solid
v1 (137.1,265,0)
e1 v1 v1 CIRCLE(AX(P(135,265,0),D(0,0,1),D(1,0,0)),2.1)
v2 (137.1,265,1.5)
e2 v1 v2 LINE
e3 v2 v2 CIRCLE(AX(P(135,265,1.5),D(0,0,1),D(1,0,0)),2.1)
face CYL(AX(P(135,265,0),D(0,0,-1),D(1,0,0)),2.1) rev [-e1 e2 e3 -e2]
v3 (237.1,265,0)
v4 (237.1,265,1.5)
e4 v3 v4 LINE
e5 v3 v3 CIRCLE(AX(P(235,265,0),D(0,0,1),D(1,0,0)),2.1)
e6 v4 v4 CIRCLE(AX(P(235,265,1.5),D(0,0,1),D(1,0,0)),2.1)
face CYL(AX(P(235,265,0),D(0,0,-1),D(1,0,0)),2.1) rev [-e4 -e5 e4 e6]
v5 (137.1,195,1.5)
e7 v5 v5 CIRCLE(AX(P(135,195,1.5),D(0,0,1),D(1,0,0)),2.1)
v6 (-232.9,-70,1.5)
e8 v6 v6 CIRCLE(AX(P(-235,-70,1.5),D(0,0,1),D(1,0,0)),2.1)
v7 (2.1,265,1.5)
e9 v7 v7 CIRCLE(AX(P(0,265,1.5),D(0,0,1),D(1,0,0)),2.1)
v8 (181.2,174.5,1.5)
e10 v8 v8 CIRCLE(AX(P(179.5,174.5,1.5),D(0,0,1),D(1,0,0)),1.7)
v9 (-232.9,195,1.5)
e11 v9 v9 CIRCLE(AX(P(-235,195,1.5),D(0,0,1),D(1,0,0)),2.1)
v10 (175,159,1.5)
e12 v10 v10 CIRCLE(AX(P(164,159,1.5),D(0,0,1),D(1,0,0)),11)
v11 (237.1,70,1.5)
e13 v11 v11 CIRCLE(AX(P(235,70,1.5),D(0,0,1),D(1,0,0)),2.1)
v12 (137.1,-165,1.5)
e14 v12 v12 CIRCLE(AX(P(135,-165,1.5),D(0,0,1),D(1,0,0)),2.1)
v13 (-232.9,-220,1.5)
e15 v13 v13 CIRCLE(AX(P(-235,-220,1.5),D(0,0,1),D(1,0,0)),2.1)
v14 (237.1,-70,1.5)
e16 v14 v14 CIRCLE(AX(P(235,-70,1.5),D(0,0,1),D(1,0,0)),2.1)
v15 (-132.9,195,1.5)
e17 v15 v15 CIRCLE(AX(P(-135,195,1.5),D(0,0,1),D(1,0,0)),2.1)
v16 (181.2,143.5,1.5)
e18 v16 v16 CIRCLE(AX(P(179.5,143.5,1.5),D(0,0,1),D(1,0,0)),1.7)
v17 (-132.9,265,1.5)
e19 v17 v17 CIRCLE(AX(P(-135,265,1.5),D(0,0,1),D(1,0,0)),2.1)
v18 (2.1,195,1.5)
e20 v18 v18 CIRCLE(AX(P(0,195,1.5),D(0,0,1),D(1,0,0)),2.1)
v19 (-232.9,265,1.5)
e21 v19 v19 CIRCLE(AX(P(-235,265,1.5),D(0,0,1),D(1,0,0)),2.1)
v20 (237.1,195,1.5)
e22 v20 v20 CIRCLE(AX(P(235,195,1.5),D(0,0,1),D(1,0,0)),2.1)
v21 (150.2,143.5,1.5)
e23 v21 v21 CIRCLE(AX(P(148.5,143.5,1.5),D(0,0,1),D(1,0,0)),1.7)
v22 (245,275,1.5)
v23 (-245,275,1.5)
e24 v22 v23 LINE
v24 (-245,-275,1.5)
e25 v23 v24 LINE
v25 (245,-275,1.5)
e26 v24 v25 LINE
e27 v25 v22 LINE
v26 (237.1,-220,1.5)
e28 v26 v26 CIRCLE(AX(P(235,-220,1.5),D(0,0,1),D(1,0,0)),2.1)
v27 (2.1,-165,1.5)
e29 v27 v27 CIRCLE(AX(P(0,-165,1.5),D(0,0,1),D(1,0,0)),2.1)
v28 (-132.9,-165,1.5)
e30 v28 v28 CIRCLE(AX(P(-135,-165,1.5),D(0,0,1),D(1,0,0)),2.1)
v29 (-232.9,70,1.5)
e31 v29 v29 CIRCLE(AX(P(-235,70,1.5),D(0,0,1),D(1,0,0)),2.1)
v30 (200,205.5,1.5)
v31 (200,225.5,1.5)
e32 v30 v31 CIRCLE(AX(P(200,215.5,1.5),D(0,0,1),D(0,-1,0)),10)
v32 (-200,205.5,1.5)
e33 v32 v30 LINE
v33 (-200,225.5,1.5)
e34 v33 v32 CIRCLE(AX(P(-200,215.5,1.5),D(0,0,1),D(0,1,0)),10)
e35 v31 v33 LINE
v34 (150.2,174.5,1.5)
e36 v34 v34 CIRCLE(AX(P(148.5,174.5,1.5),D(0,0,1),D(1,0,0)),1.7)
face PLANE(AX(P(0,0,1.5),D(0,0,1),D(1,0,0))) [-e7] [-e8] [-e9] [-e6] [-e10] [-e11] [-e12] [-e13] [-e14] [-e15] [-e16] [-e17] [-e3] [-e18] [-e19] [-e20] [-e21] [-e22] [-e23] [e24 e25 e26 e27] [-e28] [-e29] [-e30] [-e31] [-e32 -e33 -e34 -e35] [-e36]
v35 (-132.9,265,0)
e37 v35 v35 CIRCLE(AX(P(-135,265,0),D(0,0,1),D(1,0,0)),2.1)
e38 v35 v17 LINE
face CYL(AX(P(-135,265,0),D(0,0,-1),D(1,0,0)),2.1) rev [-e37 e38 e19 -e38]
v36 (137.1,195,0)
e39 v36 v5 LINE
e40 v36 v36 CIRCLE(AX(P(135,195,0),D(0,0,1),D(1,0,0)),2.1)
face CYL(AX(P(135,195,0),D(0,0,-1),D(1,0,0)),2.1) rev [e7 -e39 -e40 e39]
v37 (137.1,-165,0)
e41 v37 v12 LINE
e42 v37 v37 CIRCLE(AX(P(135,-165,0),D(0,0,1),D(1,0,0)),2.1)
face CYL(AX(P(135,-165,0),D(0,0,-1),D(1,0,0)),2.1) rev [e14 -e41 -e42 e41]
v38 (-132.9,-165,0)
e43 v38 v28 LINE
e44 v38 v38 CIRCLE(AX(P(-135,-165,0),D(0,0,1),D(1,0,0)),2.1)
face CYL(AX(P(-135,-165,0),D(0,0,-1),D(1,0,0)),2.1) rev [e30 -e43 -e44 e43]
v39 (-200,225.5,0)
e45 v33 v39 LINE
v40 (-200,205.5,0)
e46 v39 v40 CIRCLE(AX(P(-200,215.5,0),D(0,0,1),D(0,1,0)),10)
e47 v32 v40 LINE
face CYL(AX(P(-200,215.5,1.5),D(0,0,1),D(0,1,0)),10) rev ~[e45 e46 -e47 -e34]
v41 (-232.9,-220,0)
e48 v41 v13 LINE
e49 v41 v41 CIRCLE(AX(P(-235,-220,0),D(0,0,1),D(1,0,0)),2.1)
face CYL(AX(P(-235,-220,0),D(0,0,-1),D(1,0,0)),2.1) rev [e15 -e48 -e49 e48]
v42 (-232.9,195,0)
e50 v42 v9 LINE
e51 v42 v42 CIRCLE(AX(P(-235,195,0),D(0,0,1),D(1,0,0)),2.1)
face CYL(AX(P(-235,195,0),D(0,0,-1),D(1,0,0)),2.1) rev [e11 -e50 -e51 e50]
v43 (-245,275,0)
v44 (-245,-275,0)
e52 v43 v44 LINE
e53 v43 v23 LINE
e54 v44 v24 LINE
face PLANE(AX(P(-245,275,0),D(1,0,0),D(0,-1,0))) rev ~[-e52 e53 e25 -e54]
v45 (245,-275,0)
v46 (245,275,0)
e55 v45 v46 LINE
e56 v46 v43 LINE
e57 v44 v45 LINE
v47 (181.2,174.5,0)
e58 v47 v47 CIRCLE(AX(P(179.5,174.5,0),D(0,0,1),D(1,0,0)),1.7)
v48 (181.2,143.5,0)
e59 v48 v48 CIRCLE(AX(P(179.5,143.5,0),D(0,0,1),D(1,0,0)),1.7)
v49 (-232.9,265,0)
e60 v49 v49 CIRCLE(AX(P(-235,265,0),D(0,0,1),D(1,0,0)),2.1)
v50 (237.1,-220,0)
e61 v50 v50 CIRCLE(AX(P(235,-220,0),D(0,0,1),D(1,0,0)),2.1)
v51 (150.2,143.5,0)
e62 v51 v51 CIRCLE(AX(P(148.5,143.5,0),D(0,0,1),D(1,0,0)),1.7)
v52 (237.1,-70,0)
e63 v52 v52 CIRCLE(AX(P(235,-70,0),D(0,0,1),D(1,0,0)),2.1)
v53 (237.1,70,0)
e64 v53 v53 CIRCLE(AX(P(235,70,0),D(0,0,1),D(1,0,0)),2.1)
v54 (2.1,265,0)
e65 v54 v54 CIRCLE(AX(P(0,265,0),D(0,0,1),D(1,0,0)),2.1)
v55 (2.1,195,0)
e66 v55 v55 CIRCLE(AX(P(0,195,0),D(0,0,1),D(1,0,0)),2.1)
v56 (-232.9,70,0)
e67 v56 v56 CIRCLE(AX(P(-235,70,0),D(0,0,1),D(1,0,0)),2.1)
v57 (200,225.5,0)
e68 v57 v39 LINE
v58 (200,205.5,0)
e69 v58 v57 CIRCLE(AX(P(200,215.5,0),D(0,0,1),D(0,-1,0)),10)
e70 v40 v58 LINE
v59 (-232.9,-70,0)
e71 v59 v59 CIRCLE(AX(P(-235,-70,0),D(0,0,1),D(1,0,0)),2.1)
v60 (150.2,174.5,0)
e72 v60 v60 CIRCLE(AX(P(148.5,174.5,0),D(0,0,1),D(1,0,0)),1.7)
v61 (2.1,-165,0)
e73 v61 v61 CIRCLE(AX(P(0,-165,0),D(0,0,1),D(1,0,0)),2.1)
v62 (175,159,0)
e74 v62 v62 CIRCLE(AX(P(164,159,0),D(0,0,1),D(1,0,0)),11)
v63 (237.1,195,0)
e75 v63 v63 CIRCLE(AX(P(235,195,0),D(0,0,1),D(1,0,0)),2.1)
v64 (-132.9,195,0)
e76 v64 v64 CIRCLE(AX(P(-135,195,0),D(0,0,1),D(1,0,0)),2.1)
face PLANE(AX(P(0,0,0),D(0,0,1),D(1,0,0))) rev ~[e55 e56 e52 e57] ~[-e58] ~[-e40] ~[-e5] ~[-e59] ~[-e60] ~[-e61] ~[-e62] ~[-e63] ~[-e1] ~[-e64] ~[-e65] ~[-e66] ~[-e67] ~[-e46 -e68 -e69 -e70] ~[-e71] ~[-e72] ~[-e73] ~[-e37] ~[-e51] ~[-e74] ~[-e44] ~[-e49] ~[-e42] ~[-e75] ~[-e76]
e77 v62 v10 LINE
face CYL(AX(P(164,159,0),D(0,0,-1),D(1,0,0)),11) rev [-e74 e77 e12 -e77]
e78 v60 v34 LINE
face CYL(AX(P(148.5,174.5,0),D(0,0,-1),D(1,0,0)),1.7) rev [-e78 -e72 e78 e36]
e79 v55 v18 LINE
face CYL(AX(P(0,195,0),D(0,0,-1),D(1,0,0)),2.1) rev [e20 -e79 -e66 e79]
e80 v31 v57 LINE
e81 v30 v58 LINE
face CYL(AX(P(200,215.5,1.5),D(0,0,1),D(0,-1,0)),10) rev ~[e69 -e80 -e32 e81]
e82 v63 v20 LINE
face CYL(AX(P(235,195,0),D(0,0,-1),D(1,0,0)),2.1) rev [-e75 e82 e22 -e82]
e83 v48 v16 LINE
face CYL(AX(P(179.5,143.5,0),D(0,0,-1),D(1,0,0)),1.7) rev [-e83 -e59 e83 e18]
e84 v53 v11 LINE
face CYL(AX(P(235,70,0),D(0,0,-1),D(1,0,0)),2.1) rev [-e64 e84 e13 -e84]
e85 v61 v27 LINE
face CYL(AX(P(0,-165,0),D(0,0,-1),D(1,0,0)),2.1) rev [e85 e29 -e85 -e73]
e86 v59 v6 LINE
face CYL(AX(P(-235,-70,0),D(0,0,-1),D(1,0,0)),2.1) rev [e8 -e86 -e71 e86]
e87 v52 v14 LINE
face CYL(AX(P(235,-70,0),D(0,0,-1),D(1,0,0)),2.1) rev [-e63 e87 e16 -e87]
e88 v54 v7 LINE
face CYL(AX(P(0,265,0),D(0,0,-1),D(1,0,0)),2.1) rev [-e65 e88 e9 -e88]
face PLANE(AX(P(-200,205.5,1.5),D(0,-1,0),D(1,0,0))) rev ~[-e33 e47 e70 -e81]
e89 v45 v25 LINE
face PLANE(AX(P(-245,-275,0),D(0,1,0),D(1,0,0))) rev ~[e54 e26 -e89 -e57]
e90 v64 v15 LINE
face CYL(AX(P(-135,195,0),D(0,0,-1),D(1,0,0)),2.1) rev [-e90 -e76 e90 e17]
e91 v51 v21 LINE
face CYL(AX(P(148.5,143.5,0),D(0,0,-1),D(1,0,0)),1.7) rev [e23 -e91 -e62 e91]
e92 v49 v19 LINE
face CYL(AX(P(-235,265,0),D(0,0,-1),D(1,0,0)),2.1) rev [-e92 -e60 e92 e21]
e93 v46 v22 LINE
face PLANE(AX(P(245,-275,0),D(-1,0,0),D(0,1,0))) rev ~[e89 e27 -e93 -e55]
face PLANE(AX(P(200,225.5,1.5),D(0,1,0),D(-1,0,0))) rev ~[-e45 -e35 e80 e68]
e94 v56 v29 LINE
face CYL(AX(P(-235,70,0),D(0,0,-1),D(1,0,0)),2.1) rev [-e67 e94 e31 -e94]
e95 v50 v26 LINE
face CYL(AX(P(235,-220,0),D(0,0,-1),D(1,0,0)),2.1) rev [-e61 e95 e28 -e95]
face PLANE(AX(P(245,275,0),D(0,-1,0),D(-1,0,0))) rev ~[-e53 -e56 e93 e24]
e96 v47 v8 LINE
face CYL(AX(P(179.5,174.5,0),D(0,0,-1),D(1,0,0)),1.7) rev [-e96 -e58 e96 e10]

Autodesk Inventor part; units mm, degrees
ref_plane "YZ Plane" through (0, 0, 0) normal (1, 0, 0) x (0, 1, 0)
ref_plane "XZ Plane" through (0, 0, 0) normal (0, 1, 0) x (-1, 0, 0)
ref_plane "XY Plane" through (0, 0, 0) normal (0, 0, 1) x (1, 0, 0)
sketch "Sketch1" plane through (0, 0, 0) normal (0, 0, 1) x (1, 0, 0)
  line L0 (-245, -275) -> (245, -275)
  line L1 (245, -275) -> (245, 275)
  line L2 (245, 275) -> (-245, 275)
  line L3 (-245, 275) -> (-245, -275)
  line L4 (-245, -275) -> (245, 275) construction
  line L5 (245, -275) -> (-245, 275) construction
  line L6 (-245, 265) -> (245, 265) construction
  line L7 (-235, 275) -> (-235, -275) construction
  line L8 (235, 275) -> (235, -275) construction
  line L9 (-245, -165) -> (245, -165) construction
  line L10 (-245, 195) -> (245, 195) construction
  circle A0 centre (-235, 265) radius 2.1
  circle A1 centre (-135, 265) radius 2.1
  circle A2 centre (135, 265) radius 2.1
  circle A3 centre (235, 265) radius 2.1
  circle A4 centre (135, 195) radius 2.1
  circle A5 centre (235, 195) radius 2.1
  circle A6 centre (-235, 195) radius 2.1
  circle A7 centre (-135, 195) radius 2.1
  line L11 (-135, 275) -> (-135, -275) construction
  line L12 (0, 0) -> (0, -275) construction
  line L13 (135, 275) -> (135, -275) construction
  circle A8 centre (-235, 70) radius 2.1
  circle A9 centre (135, -165) radius 2.1
  circle A10 centre (-135, -165) radius 2.1
  circle A11 centre (-235, -70) radius 2.1
  circle A12 centre (-235, -220) radius 2.1
  circle A13 centre (235, -220) radius 2.1
  circle A14 centre (235, -70) radius 2.1
  circle A15 centre (235, 70) radius 2.1
  line L14 (-235, 70) -> (235, 70) construction
  line L15 (-235, -70) -> (235, -70) construction
  line L16 (-235, 0) -> (235, 0) construction
  line L17 (-235, -220) -> (235, -220) construction
  line L18 (0, 275) -> (0, 0) construction
  circle A16 centre (0, 265) radius 2.1
  circle A17 centre (0, 195) radius 2.1
  circle A18 centre (0, -165) radius 2.1
  line L19 (143, 138) -> (185, 138) construction
  line L20 (185, 138) -> (185, 180) construction
  line L21 (185, 180) -> (143, 180) construction
  line L22 (143, 180) -> (143, 138) construction
  line L23 (143, 138) -> (185, 180) construction
  line L24 (185, 138) -> (143, 180) construction
  circle A19 centre (164, 159) radius 11
  line L25 (148.5, 143.5) -> (179.5, 143.5) construction
  line L26 (179.5, 143.5) -> (179.5, 174.5) construction
  line L27 (179.5, 174.5) -> (148.5, 174.5) construction
  line L28 (148.5, 174.5) -> (148.5, 143.5) construction
  line L29 (148.5, 143.5) -> (179.5, 174.5) construction
  line L30 (179.5, 143.5) -> (148.5, 174.5) construction
  circle A20 centre (148.5, 174.5) radius 1.7
  circle A21 centre (179.5, 174.5) radius 1.7
  circle A22 centre (179.5, 143.5) radius 1.7
  circle A23 centre (148.5, 143.5) radius 1.7
  dimension "d0" = 490
  dimension "d1" = 550
  dimension "d2" = 10
  dimension "d3" = 10
  dimension "d4" = 10
  dimension "d5" = 110
  dimension "d6" = 80
  dimension "d7" = 110
  dimension "d8" = 110
  dimension "d9" = 70
  dimension "d10" = 55
  dimension "d11" = 4.2
  dimension "d14" = 42
  dimension "d15" = 15
  dimension "d16" = 50
  dimension "d17" = 31
  dimension "d18" = 3.4
  dimension "d19" = 22
extrude "Plate3" add sketch "Sketch1" along normal blind 1.5
sketch "Sketch2" plane through (0, 0, 1.5) normal (0, 0, 1) x (1, 0, 0)
  line L0 (-200, 215.5) -> (200, 215.5) construction
  line L1 (-200, 205.5) -> (200, 205.5)
  line L2 (200, 225.5) -> (-200, 225.5)
  arc A0 (-200, 225.5) -> (-200, 205.5) centre (-200, 215.5) ccw
  arc A1 (200, 205.5) -> (200, 225.5) centre (200, 215.5) ccw
  circle A2 centre (0, 195) radius 2.1 construction
  circle A3 centre (0, 265) radius 2.1 construction
  line L3 (0, 195) -> (0, 215.5) construction
  point P0 (0, 0)
  dimension "d23" = 20
  dimension "d24" = 400
  dimension "d28" = 10.5
extrude "Cut1" cut sketch "Sketch2" against normal blind 1.5
equation "\"d25\" = Thickness"
equation "\"d21\" = Thickness"
equation "\"CornerReliefSize\" = 4 * Thickness"
equation "\"TransitionRadius\" = BendRadius"
equation "\"JacobiRadiusSize\" = BendRadius"
equation "\"d12\" = BendRadius"
equation "\"d13\" = BendRadius"
equation "\"d20\" = BendRadius"
equation "\"Thickness\" = 1.5"
equation "\"BendRadius\" = 0.8"
properties part number "Side Cladding" material "Aluminium 1050"
